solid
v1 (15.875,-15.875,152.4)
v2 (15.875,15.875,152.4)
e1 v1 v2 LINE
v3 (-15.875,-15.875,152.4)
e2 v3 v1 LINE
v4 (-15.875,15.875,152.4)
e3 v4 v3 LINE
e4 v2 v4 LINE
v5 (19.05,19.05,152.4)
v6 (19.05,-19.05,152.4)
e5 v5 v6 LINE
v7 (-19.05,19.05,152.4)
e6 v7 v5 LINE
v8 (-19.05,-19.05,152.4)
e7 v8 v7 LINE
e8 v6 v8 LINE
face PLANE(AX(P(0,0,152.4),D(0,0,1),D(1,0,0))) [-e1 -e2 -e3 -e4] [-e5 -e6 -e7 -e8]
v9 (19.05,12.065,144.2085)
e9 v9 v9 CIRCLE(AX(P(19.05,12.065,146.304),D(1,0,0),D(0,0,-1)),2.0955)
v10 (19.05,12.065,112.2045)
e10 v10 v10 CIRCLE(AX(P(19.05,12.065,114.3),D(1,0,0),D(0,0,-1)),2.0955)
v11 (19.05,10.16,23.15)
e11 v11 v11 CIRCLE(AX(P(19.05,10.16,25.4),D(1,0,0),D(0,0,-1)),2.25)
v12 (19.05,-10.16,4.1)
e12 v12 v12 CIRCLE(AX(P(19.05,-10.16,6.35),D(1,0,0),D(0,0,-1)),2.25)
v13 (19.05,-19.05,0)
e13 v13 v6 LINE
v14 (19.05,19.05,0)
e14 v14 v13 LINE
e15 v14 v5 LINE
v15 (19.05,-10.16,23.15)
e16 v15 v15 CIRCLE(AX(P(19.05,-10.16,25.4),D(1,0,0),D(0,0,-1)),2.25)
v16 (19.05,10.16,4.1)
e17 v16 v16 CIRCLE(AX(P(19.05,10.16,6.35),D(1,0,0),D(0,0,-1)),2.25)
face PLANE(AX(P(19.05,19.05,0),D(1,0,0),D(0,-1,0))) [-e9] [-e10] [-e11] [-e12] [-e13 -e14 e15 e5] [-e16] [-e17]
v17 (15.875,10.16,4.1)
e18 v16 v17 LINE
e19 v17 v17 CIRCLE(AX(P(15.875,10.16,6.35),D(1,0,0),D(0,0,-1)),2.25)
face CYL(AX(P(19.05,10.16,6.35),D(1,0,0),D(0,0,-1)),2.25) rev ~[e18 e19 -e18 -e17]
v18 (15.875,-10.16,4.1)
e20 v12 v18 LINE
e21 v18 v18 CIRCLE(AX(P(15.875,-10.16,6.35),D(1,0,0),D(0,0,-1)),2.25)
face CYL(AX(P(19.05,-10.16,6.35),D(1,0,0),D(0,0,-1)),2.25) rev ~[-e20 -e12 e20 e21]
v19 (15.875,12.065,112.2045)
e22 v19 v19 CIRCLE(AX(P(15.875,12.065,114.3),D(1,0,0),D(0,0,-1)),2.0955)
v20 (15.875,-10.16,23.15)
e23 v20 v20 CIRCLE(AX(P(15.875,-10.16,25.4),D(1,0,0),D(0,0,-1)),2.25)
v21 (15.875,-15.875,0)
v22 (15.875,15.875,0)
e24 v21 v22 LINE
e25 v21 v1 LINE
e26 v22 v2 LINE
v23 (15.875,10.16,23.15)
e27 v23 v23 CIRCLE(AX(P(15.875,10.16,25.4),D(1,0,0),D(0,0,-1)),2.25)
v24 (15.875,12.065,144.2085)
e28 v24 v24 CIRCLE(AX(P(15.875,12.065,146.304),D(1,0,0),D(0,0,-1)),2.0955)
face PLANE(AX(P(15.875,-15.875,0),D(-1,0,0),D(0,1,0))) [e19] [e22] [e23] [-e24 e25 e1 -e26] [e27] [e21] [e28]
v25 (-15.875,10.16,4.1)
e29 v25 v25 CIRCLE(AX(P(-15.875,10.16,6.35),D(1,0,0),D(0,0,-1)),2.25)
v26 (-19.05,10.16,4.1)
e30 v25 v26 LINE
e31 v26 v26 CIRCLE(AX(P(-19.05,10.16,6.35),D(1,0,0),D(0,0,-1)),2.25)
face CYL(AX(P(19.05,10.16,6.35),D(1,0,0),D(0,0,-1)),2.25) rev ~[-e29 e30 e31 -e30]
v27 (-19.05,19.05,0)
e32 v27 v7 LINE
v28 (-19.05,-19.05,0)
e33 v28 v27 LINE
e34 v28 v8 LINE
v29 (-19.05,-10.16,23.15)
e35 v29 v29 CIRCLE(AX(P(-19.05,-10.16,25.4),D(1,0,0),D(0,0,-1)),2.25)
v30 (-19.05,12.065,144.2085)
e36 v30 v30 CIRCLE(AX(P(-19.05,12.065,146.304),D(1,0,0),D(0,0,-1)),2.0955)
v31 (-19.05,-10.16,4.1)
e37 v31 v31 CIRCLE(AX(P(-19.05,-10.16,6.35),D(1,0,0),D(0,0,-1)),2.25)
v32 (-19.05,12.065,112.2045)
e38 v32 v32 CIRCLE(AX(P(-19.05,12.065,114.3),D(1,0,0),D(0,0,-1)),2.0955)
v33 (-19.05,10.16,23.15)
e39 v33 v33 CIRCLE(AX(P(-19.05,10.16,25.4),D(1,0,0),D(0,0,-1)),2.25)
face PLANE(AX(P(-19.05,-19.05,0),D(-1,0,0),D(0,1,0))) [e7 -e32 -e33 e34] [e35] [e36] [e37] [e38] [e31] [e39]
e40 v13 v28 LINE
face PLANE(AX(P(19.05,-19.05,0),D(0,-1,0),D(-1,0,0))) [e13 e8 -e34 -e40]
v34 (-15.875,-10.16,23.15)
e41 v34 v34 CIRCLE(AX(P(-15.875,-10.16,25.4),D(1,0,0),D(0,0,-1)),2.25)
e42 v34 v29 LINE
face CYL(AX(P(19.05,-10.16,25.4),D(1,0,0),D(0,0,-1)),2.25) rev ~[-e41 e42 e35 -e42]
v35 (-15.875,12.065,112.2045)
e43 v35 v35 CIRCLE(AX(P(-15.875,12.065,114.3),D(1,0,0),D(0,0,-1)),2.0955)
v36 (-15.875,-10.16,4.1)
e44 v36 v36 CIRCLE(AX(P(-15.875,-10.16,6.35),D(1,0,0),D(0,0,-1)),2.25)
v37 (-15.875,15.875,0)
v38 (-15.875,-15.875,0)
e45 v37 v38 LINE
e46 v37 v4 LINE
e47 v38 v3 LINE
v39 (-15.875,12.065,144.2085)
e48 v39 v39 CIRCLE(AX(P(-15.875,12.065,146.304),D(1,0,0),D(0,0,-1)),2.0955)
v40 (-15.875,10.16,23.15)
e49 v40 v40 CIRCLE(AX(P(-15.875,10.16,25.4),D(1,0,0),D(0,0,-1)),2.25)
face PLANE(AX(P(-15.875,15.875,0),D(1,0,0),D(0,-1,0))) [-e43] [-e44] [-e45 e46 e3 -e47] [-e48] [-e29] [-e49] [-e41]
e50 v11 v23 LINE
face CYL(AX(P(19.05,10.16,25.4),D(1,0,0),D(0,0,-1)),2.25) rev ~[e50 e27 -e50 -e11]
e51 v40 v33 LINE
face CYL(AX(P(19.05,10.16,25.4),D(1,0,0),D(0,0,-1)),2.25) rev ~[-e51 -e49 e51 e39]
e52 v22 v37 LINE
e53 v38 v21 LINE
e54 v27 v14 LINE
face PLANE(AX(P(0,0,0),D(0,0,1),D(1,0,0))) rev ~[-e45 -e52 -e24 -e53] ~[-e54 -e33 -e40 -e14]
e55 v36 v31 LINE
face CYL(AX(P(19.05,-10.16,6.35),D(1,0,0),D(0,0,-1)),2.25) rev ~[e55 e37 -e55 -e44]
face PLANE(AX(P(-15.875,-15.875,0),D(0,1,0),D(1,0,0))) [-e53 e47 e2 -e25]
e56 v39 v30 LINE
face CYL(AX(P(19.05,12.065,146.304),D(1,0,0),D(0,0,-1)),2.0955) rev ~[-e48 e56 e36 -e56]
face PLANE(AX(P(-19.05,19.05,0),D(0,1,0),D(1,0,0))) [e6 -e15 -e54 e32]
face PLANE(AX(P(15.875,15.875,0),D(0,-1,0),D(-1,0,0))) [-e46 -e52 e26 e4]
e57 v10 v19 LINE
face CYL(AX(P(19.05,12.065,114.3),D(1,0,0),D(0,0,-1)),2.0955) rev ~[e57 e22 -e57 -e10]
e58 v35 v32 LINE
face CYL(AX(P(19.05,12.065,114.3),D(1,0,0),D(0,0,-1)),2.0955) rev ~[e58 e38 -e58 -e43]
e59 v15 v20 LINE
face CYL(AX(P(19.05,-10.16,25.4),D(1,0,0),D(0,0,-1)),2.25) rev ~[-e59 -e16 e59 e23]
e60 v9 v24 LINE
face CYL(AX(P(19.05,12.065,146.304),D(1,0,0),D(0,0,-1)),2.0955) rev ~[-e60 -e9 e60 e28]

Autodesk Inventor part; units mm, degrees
ref_plane "YZ Plane" through (0, 0, 0) normal (1, 0, 0) x (0, 1, 0)
ref_plane "XZ Plane" through (0, 0, 0) normal (0, 1, 0) x (-1, 0, 0)
ref_plane "XY Plane" through (0, 0, 0) normal (0, 0, 1) x (1, 0, 0)
sketch "Sketch1" plane through (0, 0, 0) normal (0, 0, 1) x (1, 0, 0)
  line L0 (19.05, -19.05) -> (-19.05, -19.05)
  line L1 (-19.05, -19.05) -> (-19.05, 19.05)
  line L2 (-19.05, 19.05) -> (19.05, 19.05)
  line L3 (19.05, 19.05) -> (19.05, -19.05)
  line L4 (19.05, -19.05) -> (-19.05, 19.05) construction
  line L5 (-19.05, -19.05) -> (19.05, 19.05) construction
  line L6 (15.875, 15.875) -> (-15.875, 15.875)
  line L7 (-15.875, 15.875) -> (-15.875, -15.875)
  line L8 (-15.875, -15.875) -> (15.875, -15.875)
  line L9 (15.875, -15.875) -> (15.875, 15.875)
  point P0 (0, 0)
  dimension "d0" = 38.1
  dimension "d1" = 38.1
  dimension "d2" = 3.175
extrude "Extrusion1" add sketch "Sketch1" along normal blind 152.4
sketch "Sketch2" plane through (19.05, -19.05, 0) normal (1, 0, 0) x (0, 0, -1)
  line L0 (0, 0) -> (0, 38.1) projected
  line L1 (0, 38.1) -> (-152.4, 38.1) projected
  line L2 (-152.4, 0) -> (-152.4, 38.1) projected
  line L3 (0, 0) -> (-152.4, 0) projected
  line L4 (-76.2, 38.1) -> (-76.2, 0) construction
  line L5 (-152.4, 19.05) -> (0, 19.05) construction
  circle A0 centre (-114.3, 31.115) radius 2.0955
  circle A1 centre (-146.304, 31.115) radius 2.0955
  dimension "d5" = 4.191
  dimension "d7" = 114.3
  dimension "d8" = 4.191
  dimension "d9" = 6.985
  dimension "d10" = 6.985
  dimension "d11" = 32.004
extrude "Extrusion2" cut sketch "Sketch2" against normal through all contours A0 | A1
sketch "Sketch3" plane through (19.05, -19.05, 0) normal (1, 0, 0) x (0, 0, -1)
  line L0 (0, 38.1) -> (-152.4, 38.1) construction
  line L1 (-76.2, 38.1) -> (-76.2, 0) construction
  line L2 (0, 0) -> (-152.4, 0) construction
  line L3 (0, 19.05) -> (-152.4, 19.05) construction
  line L4 (-152.4, 38.1) -> (-152.4, 0) construction
  circle A0 centre (-6.35, 29.21) radius 2.25
  line L5 (0, 0) -> (0, 38.1) projected
  circle A1 centre (-6.35, 8.89) radius 2.25
  circle A2 centre (-25.4, 29.21) radius 2.25
  circle A3 centre (-25.4, 8.89) radius 2.25
  dimension "d14" = 4.5
  dimension "d15" = 6.35
  dimension "d16" = 4.5
  dimension "d17" = 6.35
  dimension "d18" = 8.89
  dimension "d19" = 8.89
  dimension "d20" = 4.5
  dimension "d21" = 19.05
  dimension "d22" = 4.5
extrude "Extrusion3" cut sketch "Sketch3" against normal through all
properties part number "CS_Climb_Outer_Tube"
